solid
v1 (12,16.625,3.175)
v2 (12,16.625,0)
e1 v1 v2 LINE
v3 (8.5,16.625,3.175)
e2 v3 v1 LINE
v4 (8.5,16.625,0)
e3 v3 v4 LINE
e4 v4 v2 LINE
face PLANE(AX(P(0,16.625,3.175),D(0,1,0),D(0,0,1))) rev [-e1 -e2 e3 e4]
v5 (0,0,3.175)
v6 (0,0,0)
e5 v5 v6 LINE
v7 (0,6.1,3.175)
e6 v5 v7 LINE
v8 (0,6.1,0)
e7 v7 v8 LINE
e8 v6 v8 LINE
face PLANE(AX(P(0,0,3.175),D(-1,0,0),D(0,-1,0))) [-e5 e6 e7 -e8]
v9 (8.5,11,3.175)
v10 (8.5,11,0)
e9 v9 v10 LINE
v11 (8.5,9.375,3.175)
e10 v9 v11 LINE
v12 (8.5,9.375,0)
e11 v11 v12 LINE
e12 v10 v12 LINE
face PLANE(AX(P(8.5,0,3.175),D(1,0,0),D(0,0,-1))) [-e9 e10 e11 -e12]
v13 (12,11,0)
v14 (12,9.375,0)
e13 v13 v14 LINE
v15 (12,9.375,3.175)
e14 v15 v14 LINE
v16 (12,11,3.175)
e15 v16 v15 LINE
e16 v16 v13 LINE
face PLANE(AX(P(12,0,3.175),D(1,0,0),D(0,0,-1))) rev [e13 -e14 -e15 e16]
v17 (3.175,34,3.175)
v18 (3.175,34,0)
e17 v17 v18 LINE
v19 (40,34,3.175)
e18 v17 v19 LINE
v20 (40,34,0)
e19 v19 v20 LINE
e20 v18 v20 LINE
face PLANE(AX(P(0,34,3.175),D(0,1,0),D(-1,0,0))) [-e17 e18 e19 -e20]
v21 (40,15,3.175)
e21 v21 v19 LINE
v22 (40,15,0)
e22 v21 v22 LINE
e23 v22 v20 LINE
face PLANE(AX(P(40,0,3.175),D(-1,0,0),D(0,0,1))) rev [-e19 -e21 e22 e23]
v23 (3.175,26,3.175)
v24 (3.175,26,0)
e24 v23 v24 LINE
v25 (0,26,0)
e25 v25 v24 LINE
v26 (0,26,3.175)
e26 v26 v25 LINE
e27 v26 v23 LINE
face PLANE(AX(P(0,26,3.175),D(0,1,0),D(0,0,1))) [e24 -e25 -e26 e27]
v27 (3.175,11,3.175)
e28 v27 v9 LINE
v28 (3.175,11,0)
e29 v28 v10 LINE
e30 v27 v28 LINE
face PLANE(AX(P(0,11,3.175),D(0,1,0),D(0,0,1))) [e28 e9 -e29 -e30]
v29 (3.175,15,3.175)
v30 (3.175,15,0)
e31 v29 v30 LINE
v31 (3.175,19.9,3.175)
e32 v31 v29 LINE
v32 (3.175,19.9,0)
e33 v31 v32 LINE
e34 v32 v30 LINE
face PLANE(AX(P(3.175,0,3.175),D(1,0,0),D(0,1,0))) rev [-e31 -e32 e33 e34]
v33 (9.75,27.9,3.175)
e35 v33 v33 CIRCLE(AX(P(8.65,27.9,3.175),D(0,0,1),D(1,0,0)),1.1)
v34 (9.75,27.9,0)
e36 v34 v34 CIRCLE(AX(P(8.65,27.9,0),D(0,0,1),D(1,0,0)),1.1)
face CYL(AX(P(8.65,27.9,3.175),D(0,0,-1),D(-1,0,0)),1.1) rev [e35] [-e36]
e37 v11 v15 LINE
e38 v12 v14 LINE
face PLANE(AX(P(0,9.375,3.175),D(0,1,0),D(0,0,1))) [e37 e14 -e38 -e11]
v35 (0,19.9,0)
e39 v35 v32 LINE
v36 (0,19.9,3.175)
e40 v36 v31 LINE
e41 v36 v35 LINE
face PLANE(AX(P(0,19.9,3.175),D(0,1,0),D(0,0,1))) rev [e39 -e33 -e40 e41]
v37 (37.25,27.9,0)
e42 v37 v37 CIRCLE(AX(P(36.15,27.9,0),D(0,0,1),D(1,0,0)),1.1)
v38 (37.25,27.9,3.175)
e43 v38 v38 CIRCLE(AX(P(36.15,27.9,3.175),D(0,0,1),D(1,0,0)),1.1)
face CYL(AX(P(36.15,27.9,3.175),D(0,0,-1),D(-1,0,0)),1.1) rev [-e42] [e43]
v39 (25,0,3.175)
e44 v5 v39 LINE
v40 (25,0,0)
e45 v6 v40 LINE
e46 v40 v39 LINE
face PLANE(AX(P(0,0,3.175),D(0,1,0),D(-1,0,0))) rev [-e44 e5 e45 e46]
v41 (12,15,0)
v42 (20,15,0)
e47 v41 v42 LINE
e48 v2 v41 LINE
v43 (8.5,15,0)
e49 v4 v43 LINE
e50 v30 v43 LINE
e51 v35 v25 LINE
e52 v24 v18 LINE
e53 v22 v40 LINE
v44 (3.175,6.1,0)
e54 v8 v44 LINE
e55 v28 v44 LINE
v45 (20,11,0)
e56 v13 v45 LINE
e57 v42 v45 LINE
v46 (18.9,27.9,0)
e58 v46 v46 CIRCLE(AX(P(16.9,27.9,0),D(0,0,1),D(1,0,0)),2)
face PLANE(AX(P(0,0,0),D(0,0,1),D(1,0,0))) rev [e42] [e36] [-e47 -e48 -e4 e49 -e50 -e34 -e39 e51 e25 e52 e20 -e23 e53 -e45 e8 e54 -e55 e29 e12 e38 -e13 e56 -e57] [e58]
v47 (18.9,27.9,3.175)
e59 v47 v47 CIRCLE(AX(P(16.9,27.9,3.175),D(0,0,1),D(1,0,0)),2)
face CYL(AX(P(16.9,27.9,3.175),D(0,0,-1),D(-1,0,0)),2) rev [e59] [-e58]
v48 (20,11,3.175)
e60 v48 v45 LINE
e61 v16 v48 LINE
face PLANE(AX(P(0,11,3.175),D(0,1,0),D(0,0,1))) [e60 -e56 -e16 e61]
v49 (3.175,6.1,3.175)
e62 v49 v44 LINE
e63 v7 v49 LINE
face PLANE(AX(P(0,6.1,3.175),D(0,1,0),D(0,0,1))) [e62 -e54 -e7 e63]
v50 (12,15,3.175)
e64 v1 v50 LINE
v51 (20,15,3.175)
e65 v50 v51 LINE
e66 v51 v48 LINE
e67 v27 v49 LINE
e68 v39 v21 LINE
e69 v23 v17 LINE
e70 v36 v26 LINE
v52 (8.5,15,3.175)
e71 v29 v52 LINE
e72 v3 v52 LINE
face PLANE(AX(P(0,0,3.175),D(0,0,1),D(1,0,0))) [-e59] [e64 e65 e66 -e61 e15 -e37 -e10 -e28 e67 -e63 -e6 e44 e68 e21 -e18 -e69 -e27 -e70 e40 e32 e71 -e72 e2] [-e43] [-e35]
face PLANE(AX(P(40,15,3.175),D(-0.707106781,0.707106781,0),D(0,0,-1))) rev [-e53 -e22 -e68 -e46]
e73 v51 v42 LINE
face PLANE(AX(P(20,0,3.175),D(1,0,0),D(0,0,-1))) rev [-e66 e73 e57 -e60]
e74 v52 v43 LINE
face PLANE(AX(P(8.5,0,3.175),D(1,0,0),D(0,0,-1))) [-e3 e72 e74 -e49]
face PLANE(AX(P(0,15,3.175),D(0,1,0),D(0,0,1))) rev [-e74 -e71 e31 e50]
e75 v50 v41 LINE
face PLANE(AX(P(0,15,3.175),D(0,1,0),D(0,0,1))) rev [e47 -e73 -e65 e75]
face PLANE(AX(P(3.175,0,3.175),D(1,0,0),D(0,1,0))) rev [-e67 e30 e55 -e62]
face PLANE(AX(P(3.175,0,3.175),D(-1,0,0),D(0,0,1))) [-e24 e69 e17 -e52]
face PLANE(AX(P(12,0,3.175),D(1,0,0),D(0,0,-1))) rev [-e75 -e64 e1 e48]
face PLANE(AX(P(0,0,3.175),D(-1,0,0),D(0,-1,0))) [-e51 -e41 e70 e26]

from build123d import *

# Parameters (mm, degrees)
SKETCH1_R           = 1.1
SKETCH1_W           = 23.2
SKETCH1_H           = 12.2
SKETCH1_R_2         = 2
BOSS_EXTRUDE1_DEPTH = 3.175
CHAMFER1_SIZE       = 15


with BuildPart() as part:
    # Sketch1 → Boss-Extrude1 (new body)
    # profile 1 of 3: a face of its own
    with BuildSketch(Plane.XY):
        Polygon((10.8, 21.8), (10.8, 34), (3.175, 34), (3.175, 26), (0, 26), (0, 19.9), (3.175, 19.9), (3.175, 17), (40, 17), (40, 34), (34, 34), (34, 21.8), align=None)
        with Locations((8.65, 27.9)):
            Circle(SKETCH1_R, mode=Mode.SUBTRACT)
        with Locations((36.15, 27.9)):
            Circle(SKETCH1_R, mode=Mode.SUBTRACT)
    # profile 2 of 3: a face of its own
    with BuildSketch(Plane.XY):
        Polygon((40, 0), (40, 17), (3.175, 17), (3.175, 15), (8.5, 15), (8.5, 16.625), (12, 16.625), (12, 15), (20, 15), (20, 11), (12, 11), (12, 9.375), (8.5, 9.375), (8.5, 11), (3.175, 11), (3.175, 6.1), (0, 6.1), (0, 0), align=None)
    # profile 3 of 3: a face of its own
    with BuildSketch(Plane.XY):
        with Locations((22.4, 27.9)):
            Rectangle(SKETCH1_W, SKETCH1_H)
        with Locations((16.9, 27.9)):
            Circle(SKETCH1_R_2, mode=Mode.SUBTRACT)
    extrude(amount=BOSS_EXTRUDE1_DEPTH)

    # Chamfer1
    chamfer1_edges = [part.edges().sort_by_distance(p)[0] for p in [
        (40, 0, 1.5875),
    ]]
    chamfer(chamfer1_edges, length=CHAMFER1_SIZE)


solid = part.part
